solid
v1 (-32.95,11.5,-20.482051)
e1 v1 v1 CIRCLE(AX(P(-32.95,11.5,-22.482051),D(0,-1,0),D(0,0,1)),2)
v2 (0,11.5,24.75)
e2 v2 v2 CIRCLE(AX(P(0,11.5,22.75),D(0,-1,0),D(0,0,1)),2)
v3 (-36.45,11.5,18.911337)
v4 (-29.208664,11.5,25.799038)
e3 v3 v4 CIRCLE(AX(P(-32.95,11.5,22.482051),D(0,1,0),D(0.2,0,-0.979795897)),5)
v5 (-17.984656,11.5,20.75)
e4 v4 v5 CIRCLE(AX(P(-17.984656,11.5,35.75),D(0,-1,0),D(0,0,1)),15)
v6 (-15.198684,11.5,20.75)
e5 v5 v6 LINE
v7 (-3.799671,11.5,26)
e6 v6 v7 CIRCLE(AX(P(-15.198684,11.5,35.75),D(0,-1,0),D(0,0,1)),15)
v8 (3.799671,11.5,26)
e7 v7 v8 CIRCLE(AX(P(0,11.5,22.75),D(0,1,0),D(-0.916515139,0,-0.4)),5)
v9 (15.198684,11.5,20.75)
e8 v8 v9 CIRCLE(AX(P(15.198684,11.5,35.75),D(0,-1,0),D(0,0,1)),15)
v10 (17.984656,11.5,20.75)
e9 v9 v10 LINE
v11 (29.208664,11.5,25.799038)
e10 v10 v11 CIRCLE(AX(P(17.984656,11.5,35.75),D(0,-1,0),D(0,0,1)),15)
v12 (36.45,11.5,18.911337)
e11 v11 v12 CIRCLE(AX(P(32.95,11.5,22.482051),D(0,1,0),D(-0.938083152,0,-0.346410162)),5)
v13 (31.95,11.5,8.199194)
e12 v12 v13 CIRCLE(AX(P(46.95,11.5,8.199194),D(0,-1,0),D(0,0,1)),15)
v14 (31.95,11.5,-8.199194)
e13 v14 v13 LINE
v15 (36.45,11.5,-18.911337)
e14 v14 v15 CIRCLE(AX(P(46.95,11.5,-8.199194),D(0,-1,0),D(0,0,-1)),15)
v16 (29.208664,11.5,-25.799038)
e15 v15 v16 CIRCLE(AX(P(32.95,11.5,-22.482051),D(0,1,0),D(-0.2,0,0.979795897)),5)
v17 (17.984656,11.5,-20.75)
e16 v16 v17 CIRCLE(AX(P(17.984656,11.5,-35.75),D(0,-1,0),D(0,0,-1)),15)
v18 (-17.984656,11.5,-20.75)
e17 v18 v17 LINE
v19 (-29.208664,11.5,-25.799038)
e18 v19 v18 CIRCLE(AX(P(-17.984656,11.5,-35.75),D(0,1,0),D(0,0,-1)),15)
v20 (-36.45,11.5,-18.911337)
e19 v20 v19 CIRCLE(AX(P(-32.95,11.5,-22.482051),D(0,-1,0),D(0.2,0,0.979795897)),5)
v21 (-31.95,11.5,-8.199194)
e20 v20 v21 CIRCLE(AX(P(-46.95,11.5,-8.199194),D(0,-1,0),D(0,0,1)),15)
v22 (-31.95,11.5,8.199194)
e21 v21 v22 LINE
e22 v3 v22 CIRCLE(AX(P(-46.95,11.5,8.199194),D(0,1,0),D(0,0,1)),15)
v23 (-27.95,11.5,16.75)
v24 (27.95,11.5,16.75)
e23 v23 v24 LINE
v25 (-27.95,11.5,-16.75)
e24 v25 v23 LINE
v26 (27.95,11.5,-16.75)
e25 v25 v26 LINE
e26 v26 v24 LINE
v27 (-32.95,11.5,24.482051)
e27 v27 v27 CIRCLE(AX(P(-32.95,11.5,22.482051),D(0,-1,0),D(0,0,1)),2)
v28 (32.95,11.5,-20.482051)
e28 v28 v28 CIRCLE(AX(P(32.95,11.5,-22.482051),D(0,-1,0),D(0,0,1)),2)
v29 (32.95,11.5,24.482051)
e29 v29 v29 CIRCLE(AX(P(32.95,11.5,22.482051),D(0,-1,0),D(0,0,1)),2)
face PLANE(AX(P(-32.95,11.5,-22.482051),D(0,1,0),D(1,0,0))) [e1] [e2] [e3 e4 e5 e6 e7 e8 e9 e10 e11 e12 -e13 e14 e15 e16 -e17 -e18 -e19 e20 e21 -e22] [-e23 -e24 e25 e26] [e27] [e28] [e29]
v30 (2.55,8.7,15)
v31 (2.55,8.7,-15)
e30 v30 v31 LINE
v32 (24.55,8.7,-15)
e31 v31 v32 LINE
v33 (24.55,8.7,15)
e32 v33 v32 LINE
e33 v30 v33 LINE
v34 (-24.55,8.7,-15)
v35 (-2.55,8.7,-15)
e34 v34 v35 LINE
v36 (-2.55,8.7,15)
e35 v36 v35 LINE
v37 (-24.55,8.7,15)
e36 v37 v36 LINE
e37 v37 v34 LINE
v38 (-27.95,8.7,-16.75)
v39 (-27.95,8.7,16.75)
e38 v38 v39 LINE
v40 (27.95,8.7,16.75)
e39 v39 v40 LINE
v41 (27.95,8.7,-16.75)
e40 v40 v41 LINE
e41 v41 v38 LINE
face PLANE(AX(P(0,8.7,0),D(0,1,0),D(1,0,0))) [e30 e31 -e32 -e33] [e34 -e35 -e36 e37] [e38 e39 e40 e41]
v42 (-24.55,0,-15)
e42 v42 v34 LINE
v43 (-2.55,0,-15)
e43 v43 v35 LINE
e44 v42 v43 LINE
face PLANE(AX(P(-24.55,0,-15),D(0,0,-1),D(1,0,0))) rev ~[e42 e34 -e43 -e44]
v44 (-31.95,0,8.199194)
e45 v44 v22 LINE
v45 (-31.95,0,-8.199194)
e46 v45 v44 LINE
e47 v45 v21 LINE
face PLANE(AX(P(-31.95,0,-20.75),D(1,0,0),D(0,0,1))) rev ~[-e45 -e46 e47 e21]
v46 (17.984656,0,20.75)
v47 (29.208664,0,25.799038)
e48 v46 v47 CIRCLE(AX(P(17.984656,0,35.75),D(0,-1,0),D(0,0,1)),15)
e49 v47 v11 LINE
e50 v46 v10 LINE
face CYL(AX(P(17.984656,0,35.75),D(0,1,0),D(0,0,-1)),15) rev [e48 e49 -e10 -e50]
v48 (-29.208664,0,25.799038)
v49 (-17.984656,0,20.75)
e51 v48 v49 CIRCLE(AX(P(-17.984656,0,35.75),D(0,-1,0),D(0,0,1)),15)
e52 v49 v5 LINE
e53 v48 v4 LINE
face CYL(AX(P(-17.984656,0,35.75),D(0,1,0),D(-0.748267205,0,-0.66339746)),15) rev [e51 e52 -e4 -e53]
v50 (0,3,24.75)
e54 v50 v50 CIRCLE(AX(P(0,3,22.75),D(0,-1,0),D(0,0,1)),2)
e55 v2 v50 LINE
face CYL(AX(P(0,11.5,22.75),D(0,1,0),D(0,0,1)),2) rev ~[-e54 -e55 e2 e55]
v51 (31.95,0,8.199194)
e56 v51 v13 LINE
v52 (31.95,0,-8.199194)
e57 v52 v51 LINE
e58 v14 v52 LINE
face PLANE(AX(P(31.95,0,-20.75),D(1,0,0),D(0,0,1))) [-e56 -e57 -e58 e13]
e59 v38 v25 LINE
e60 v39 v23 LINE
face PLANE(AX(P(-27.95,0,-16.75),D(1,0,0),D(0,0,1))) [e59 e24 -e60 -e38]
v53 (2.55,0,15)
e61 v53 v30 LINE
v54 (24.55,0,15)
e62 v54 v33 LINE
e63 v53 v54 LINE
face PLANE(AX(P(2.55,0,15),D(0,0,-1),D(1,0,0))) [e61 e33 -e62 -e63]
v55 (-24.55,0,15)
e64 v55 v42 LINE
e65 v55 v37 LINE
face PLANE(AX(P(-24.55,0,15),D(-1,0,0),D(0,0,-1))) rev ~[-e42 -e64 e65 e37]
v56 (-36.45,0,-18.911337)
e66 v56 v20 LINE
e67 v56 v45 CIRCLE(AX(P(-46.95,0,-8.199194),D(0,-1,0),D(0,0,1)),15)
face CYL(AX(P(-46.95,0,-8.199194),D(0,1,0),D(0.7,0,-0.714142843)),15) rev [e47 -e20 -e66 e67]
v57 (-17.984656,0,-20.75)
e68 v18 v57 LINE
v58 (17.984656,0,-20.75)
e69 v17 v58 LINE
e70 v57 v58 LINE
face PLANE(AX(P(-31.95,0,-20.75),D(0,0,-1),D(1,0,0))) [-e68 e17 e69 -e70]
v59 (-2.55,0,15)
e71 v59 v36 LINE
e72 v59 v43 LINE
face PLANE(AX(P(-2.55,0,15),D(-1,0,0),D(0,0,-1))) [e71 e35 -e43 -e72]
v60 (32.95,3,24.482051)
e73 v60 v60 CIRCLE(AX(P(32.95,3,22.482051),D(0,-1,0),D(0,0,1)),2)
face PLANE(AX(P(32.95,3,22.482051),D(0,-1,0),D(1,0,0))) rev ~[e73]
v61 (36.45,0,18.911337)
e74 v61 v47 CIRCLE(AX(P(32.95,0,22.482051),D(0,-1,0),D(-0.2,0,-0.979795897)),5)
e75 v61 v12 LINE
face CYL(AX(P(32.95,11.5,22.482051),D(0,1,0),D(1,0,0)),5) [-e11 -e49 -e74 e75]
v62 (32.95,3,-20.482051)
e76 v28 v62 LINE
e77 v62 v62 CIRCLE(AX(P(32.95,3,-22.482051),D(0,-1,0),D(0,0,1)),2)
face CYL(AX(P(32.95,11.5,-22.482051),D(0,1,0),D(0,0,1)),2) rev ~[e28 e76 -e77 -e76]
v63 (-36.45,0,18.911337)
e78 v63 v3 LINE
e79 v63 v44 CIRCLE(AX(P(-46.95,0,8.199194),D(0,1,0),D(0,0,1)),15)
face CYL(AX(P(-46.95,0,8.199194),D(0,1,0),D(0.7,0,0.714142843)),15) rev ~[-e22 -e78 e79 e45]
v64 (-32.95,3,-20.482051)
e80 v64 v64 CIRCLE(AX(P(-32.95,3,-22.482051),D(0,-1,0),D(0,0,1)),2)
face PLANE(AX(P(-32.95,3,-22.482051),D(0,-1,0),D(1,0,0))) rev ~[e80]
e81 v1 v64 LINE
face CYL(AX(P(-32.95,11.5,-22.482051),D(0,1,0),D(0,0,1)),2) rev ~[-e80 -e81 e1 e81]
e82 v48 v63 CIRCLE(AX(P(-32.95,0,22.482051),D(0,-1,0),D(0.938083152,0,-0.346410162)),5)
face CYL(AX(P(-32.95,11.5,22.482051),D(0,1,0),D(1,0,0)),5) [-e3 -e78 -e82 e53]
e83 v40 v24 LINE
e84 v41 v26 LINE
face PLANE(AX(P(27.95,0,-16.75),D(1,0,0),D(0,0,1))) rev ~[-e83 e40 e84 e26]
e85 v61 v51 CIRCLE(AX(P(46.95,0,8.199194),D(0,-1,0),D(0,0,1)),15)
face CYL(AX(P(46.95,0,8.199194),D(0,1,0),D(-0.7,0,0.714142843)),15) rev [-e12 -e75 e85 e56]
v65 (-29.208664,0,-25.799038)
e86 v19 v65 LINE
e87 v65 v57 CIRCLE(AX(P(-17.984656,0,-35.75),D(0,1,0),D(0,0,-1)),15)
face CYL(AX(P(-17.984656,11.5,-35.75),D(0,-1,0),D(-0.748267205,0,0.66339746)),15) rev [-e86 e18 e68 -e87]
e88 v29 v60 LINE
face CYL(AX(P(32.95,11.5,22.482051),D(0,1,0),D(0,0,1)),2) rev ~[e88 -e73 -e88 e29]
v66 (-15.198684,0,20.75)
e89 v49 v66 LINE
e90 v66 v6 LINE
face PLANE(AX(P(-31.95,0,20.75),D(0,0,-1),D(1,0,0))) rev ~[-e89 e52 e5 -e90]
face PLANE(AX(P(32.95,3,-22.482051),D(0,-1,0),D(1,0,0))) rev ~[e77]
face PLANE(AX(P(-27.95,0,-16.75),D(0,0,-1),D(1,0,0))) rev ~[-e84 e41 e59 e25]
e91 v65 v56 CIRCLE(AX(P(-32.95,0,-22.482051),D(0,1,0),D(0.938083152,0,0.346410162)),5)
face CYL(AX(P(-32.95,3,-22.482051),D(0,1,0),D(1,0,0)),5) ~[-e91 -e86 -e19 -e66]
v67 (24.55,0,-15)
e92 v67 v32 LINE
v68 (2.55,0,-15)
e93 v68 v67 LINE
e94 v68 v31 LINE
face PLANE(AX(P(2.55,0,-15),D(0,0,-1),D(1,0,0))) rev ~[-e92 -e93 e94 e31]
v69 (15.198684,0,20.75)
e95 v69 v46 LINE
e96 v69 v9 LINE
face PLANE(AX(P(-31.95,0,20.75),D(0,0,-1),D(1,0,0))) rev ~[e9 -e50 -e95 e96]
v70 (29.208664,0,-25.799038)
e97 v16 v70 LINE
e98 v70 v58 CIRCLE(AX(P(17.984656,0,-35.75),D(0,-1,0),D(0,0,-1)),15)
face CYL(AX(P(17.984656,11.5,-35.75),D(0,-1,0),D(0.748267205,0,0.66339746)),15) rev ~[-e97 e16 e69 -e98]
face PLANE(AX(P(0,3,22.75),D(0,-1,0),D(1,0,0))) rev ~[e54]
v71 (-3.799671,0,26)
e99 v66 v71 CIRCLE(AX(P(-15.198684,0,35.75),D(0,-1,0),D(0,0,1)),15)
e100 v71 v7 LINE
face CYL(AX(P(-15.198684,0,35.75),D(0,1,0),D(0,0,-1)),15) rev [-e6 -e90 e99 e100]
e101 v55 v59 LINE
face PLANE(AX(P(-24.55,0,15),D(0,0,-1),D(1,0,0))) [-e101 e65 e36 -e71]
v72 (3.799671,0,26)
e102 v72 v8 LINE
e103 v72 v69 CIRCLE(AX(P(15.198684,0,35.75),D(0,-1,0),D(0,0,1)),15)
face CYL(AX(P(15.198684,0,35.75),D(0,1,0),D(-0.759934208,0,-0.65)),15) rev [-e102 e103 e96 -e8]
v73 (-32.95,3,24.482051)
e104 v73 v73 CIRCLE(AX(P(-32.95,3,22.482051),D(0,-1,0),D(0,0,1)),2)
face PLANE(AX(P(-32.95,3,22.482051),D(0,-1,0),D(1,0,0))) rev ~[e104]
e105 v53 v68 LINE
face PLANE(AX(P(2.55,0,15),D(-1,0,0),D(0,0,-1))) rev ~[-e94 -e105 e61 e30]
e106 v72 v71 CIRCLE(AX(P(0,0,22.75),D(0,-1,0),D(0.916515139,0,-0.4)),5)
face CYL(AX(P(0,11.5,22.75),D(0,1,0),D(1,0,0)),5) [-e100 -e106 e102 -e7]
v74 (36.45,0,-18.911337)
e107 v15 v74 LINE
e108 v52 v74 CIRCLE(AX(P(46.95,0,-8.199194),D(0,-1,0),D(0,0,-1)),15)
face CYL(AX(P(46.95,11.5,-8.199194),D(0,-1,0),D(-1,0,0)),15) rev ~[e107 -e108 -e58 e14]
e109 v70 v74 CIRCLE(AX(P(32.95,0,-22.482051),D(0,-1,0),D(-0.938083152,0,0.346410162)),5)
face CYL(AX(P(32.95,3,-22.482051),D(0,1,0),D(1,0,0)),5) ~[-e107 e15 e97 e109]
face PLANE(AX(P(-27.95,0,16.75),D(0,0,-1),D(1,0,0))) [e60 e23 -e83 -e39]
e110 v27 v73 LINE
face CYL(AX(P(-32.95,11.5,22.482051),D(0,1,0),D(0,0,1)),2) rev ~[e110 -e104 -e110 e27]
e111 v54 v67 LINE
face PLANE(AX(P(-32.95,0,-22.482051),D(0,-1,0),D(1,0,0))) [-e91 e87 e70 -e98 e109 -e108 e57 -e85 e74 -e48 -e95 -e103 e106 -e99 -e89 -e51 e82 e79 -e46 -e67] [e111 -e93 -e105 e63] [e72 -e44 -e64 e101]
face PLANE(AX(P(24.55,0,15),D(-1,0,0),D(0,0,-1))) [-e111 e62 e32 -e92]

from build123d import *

# Parameters (mm, degrees)
SKETCH1_W           = 22
SKETCH1_H           = 30
BOSS_EXTRUDE1_DEPTH = 8.7
SKETCH2_W           = 63.9
SKETCH2_H           = 41.5
SKETCH2_W_2         = 55.9
SKETCH2_H_2         = 33.5
BOSS_EXTRUDE2_DEPTH = 11.5
SKETCH3_R           = 5
SKETCH3_R_2         = 2
BOSS_EXTRUDE3_DEPTH = 8.5
SKETCH4_R           = 5
BOSS_EXTRUDE4_DEPTH = 3
FILLET2_R           = 15


with BuildPart() as part:
    # Sketch1 → Boss-Extrude1 (new body)
    with BuildSketch(Plane(origin=(0, 0, 0), x_dir=(1, 0, 0), z_dir=(0, 1, 0))):
        Polygon((-26.45, -16.75), (26.45, -16.75), (27.95, -16.75), (27.95, 16.75), (26.45, 16.75), (-26.45, 16.75), (-27.95, 16.75), (-27.95, -16.75), align=None)
        with Locations((-13.55, 0)):
            Rectangle(SKETCH1_W, SKETCH1_H, mode=Mode.SUBTRACT)
        with Locations((13.55, 0)):
            Rectangle(SKETCH1_W, SKETCH1_H, mode=Mode.SUBTRACT)
    extrude(amount=BOSS_EXTRUDE1_DEPTH)

    # Sketch2 → Boss-Extrude2 (add)
    with BuildSketch(Plane.XZ):
        Rectangle(SKETCH2_W, SKETCH2_H)
        Rectangle(SKETCH2_W_2, SKETCH2_H_2, mode=Mode.SUBTRACT)
    extrude(amount=-BOSS_EXTRUDE2_DEPTH)

    # Sketch3 → Boss-Extrude3 (add)
    # profile 1 of 5: a face of its own
    with BuildSketch(Plane(origin=(0, 11.5, 0), x_dir=(1, 0, 0), z_dir=(0, 1, 0))):
        with Locations((-32.95, 22.482050808)):
            Circle(SKETCH3_R)
        with Locations(Location((-32.95, 22.482050808, 0), (0, 0, 270))):
            Circle(SKETCH3_R_2, mode=Mode.SUBTRACT)
    # profile 2 of 5: a face of its own
    with BuildSketch(Plane(origin=(0, 11.5, 0), x_dir=(1, 0, 0), z_dir=(0, 1, 0))):
        with Locations((-32.95, -22.482050808)):
            Circle(SKETCH3_R)
        with Locations(Location((-32.95, -22.482050808, 0), (0, 0, 270))):
            Circle(SKETCH3_R_2, mode=Mode.SUBTRACT)
    # profile 3 of 5: a face of its own
    with BuildSketch(Plane(origin=(0, 11.5, 0), x_dir=(1, 0, 0), z_dir=(0, 1, 0))):
        with Locations((32.95, -22.482050808)):
            Circle(SKETCH3_R)
        with Locations(Location((32.95, -22.482050808, 0), (0, 0, 270))):
            Circle(SKETCH3_R_2, mode=Mode.SUBTRACT)
    # profile 4 of 5: a face of its own
    with BuildSketch(Plane(origin=(0, 11.5, 0), x_dir=(1, 0, 0), z_dir=(0, 1, 0))):
        with Locations((32.95, 22.482050808)):
            Circle(SKETCH3_R)
        with Locations(Location((32.95, 22.482050808, 0), (0, 0, 270))):
            Circle(SKETCH3_R_2, mode=Mode.SUBTRACT)
    # profile 5 of 5: a face of its own
    with BuildSketch(Plane(origin=(0, 11.5, 0), x_dir=(1, 0, 0), z_dir=(0, 1, 0))):
        with Locations((0, -22.75)):
            Circle(SKETCH3_R)
        with Locations(Location((0, -22.75, 0), (0, 0, 270))):
            Circle(SKETCH3_R_2, mode=Mode.SUBTRACT)
    extrude(amount=-BOSS_EXTRUDE3_DEPTH)

    # Sketch4 → Boss-Extrude4 (add)
    with BuildSketch(Plane.XZ.offset(-3)):
        with Locations((-32.95, -22.482050808)):
            Circle(SKETCH4_R)
        with Locations((-32.95, 22.482050808)):
            Circle(SKETCH4_R)
        with Locations((0, 22.75)):
            Circle(SKETCH4_R)
        with Locations((32.95, 22.482050808)):
            Circle(SKETCH4_R)
        with Locations((32.95, -22.482050808)):
            Circle(SKETCH4_R)
    extrude(amount=BOSS_EXTRUDE4_DEPTH)

    # Fillet2
    fillet2_edges = [part.edges().sort_by_distance(p)[0] for p in [
        (28.25958424, 5.75, 20.75),
        (31.95, 5.75, 17.583071322),
        (31.95, 5.75, -17.583071322),
        (28.25958424, 5.75, -20.75),
        (4.582575695, 5.75, 20.75),
        (-4.582575695, 5.75, 20.75),
        (-28.25958424, 5.75, -20.75),
        (-31.95, 5.75, -17.583071322),
        (-28.25958424, 5.75, 20.75),
        (-31.95, 5.75, 17.583071322),
    ]]
    fillet(fillet2_edges, radius=FILLET2_R)


solid = part.part
